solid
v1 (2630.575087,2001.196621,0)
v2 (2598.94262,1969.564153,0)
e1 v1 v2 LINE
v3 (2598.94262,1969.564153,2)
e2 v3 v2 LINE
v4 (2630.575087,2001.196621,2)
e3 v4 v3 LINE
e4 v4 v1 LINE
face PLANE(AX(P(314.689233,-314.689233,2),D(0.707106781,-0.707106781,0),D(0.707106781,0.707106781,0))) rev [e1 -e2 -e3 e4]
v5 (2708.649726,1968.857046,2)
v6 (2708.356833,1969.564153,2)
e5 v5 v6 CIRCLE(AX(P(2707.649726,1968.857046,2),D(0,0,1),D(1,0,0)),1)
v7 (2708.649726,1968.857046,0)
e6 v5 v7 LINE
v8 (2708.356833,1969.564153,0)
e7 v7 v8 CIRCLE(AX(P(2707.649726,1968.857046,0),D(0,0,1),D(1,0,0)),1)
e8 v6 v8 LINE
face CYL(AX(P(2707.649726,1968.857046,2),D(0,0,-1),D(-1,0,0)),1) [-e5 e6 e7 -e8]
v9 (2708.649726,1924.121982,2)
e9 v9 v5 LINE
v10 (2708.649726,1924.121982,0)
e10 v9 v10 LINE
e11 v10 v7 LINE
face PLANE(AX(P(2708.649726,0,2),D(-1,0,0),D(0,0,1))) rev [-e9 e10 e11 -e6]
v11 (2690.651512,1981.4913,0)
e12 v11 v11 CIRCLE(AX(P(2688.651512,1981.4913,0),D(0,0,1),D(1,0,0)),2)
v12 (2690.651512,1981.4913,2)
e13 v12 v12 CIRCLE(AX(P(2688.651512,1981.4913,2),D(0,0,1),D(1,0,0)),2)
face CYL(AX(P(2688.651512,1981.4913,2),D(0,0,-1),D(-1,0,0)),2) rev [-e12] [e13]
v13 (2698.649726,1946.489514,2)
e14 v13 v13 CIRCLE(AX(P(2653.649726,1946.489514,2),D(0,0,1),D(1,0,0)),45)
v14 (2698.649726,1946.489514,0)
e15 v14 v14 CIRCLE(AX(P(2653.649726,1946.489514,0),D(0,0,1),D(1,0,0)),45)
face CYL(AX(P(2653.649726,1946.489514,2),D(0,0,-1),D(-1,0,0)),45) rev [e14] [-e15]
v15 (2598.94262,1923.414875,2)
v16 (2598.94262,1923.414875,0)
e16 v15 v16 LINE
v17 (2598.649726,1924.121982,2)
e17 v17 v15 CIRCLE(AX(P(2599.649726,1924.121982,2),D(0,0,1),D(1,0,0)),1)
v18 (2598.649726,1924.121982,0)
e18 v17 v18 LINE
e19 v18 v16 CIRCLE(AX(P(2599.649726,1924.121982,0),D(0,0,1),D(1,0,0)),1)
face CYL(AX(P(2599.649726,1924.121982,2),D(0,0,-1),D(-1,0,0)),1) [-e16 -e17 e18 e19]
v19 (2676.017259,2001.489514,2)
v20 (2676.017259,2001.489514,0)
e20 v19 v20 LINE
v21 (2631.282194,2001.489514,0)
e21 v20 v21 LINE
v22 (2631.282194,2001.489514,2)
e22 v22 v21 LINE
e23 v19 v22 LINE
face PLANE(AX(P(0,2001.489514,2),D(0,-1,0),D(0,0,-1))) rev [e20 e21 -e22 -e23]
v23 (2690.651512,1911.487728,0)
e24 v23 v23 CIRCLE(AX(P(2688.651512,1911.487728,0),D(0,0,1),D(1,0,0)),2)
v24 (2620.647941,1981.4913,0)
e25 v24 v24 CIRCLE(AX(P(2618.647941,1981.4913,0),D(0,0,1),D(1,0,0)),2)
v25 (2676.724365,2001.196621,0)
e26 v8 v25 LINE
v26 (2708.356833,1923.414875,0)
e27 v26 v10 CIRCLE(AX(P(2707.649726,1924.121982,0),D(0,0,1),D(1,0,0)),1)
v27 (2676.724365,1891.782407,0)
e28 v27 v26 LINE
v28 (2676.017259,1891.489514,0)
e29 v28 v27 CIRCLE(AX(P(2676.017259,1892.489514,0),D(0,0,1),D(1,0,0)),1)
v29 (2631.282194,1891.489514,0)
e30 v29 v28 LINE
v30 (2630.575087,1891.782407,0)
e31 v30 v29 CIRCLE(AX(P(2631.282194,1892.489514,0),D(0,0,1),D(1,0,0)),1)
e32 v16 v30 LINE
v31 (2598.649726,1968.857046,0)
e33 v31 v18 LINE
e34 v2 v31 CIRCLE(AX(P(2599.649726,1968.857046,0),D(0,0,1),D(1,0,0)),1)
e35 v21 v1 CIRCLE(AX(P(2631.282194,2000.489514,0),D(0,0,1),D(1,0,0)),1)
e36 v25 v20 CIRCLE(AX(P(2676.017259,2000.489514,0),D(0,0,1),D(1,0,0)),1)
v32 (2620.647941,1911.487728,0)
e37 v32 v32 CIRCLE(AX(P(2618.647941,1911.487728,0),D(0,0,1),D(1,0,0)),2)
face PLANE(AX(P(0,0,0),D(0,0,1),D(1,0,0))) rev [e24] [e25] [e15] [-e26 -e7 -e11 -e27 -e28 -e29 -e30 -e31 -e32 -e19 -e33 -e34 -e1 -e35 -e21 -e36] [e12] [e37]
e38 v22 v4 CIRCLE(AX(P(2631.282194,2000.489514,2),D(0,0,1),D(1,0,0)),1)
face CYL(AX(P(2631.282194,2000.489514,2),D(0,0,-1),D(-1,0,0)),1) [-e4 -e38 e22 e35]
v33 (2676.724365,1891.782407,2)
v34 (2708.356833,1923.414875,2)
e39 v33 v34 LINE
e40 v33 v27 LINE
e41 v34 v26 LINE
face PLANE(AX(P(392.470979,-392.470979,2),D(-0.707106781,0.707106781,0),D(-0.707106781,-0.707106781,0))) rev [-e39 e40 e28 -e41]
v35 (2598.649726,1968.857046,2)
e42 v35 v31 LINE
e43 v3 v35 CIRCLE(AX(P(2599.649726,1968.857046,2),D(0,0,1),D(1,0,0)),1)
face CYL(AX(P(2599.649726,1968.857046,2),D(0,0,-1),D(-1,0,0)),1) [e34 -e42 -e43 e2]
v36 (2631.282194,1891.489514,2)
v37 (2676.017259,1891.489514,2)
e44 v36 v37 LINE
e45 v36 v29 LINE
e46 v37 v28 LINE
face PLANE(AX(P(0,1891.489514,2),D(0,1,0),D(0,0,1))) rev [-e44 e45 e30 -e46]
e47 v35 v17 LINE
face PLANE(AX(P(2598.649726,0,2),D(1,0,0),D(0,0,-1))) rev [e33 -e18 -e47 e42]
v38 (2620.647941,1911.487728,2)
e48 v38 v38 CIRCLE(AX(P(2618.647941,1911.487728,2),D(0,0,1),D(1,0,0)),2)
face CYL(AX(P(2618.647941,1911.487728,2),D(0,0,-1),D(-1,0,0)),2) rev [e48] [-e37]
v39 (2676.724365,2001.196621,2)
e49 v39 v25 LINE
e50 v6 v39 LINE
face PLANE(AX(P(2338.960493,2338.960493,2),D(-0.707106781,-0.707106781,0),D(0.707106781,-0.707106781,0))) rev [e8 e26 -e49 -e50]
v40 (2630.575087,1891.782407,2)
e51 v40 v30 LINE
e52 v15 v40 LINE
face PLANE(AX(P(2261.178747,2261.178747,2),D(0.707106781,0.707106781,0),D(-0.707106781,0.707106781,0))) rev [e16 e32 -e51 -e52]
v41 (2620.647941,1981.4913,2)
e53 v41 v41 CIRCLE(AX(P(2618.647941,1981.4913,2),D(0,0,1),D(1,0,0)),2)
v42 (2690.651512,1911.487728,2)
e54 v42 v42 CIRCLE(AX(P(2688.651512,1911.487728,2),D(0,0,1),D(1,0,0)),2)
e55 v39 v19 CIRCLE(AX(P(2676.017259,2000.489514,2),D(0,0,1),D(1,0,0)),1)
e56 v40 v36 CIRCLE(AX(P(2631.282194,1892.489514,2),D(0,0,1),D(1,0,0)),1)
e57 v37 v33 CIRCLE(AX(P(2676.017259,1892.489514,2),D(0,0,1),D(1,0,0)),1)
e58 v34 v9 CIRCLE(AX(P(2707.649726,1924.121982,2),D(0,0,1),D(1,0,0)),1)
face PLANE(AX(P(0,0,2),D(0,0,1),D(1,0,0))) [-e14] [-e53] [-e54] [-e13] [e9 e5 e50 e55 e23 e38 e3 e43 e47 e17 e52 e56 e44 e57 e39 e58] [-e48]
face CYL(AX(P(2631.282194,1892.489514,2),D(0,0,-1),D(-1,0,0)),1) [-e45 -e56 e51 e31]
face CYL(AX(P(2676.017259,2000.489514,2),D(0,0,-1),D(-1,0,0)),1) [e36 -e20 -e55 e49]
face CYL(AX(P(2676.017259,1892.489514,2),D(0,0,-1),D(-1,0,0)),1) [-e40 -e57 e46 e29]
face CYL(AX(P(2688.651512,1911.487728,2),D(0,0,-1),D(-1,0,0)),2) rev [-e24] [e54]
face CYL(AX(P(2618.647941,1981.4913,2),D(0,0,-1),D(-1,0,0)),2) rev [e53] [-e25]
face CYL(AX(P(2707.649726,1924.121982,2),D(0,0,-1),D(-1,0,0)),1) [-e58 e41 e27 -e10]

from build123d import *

# Parameters (mm, degrees)
MODEL_R         = 2
MODEL_R_2       = 45
EXTRUDE_1_DEPTH = 2


with BuildPart() as part:
    # Model → 凸台-拉伸1 (new body)
    with BuildSketch(Plane.XY):
        with BuildLine():
            Line((2676.017258653, 2001.48951402), (2631.282193917, 2001.48951402))
            ThreePointArc((2631.282193917, 2001.48951402), (2630.899510484, 2001.413393553), (2630.575087136, 2001.196620802))
            Line((2630.575087136, 2001.196620802), (2598.942619504, 1969.56415317))
            ThreePointArc((2598.942619504, 1969.56415317), (2598.725846752, 1969.239729821), (2598.649726285, 1968.857046389))
            Line((2598.649726285, 1968.857046389), (2598.649726285, 1924.121981652))
            ThreePointArc((2598.649726285, 1924.121981652), (2598.725846752, 1923.73929822), (2598.942619504, 1923.414874871))
            Line((2598.942619504, 1923.414874871), (2630.575087136, 1891.782407239))
            ThreePointArc((2630.575087136, 1891.782407239), (2630.899510484, 1891.565634488), (2631.282193917, 1891.48951402))
            Line((2631.282193917, 1891.48951402), (2676.017258653, 1891.48951402))
            ThreePointArc((2676.017258653, 1891.48951402), (2676.399942085, 1891.565634488), (2676.724365434, 1891.782407239))
            Line((2676.724365434, 1891.782407239), (2708.356833066, 1923.414874871))
            ThreePointArc((2708.356833066, 1923.414874871), (2708.573605817, 1923.73929822), (2708.649726285, 1924.121981652))
            Line((2708.649726285, 1924.121981652), (2708.649726285, 1968.857046389))
            ThreePointArc((2708.649726285, 1968.857046389), (2708.573605817, 1969.239729821), (2708.356833066, 1969.56415317))
            Line((2708.356833066, 1969.56415317), (2676.724365434, 2001.196620802))
            ThreePointArc((2676.724365434, 2001.196620802), (2676.399942085, 2001.413393553), (2676.017258653, 2001.48951402))
        make_face()
        with Locations((2618.647940616, 1911.487728352)):
            Circle(MODEL_R, mode=Mode.SUBTRACT)
        with Locations((2688.651511954, 1981.491299689)):
            Circle(MODEL_R, mode=Mode.SUBTRACT)
        with Locations((2618.647940616, 1981.491299689)):
            Circle(MODEL_R, mode=Mode.SUBTRACT)
        with Locations((2688.651511954, 1911.487728352)):
            Circle(MODEL_R, mode=Mode.SUBTRACT)
        with Locations((2653.649726285, 1946.48951402)):
            Circle(MODEL_R_2, mode=Mode.SUBTRACT)
    extrude(amount=EXTRUDE_1_DEPTH)


solid = part.part
